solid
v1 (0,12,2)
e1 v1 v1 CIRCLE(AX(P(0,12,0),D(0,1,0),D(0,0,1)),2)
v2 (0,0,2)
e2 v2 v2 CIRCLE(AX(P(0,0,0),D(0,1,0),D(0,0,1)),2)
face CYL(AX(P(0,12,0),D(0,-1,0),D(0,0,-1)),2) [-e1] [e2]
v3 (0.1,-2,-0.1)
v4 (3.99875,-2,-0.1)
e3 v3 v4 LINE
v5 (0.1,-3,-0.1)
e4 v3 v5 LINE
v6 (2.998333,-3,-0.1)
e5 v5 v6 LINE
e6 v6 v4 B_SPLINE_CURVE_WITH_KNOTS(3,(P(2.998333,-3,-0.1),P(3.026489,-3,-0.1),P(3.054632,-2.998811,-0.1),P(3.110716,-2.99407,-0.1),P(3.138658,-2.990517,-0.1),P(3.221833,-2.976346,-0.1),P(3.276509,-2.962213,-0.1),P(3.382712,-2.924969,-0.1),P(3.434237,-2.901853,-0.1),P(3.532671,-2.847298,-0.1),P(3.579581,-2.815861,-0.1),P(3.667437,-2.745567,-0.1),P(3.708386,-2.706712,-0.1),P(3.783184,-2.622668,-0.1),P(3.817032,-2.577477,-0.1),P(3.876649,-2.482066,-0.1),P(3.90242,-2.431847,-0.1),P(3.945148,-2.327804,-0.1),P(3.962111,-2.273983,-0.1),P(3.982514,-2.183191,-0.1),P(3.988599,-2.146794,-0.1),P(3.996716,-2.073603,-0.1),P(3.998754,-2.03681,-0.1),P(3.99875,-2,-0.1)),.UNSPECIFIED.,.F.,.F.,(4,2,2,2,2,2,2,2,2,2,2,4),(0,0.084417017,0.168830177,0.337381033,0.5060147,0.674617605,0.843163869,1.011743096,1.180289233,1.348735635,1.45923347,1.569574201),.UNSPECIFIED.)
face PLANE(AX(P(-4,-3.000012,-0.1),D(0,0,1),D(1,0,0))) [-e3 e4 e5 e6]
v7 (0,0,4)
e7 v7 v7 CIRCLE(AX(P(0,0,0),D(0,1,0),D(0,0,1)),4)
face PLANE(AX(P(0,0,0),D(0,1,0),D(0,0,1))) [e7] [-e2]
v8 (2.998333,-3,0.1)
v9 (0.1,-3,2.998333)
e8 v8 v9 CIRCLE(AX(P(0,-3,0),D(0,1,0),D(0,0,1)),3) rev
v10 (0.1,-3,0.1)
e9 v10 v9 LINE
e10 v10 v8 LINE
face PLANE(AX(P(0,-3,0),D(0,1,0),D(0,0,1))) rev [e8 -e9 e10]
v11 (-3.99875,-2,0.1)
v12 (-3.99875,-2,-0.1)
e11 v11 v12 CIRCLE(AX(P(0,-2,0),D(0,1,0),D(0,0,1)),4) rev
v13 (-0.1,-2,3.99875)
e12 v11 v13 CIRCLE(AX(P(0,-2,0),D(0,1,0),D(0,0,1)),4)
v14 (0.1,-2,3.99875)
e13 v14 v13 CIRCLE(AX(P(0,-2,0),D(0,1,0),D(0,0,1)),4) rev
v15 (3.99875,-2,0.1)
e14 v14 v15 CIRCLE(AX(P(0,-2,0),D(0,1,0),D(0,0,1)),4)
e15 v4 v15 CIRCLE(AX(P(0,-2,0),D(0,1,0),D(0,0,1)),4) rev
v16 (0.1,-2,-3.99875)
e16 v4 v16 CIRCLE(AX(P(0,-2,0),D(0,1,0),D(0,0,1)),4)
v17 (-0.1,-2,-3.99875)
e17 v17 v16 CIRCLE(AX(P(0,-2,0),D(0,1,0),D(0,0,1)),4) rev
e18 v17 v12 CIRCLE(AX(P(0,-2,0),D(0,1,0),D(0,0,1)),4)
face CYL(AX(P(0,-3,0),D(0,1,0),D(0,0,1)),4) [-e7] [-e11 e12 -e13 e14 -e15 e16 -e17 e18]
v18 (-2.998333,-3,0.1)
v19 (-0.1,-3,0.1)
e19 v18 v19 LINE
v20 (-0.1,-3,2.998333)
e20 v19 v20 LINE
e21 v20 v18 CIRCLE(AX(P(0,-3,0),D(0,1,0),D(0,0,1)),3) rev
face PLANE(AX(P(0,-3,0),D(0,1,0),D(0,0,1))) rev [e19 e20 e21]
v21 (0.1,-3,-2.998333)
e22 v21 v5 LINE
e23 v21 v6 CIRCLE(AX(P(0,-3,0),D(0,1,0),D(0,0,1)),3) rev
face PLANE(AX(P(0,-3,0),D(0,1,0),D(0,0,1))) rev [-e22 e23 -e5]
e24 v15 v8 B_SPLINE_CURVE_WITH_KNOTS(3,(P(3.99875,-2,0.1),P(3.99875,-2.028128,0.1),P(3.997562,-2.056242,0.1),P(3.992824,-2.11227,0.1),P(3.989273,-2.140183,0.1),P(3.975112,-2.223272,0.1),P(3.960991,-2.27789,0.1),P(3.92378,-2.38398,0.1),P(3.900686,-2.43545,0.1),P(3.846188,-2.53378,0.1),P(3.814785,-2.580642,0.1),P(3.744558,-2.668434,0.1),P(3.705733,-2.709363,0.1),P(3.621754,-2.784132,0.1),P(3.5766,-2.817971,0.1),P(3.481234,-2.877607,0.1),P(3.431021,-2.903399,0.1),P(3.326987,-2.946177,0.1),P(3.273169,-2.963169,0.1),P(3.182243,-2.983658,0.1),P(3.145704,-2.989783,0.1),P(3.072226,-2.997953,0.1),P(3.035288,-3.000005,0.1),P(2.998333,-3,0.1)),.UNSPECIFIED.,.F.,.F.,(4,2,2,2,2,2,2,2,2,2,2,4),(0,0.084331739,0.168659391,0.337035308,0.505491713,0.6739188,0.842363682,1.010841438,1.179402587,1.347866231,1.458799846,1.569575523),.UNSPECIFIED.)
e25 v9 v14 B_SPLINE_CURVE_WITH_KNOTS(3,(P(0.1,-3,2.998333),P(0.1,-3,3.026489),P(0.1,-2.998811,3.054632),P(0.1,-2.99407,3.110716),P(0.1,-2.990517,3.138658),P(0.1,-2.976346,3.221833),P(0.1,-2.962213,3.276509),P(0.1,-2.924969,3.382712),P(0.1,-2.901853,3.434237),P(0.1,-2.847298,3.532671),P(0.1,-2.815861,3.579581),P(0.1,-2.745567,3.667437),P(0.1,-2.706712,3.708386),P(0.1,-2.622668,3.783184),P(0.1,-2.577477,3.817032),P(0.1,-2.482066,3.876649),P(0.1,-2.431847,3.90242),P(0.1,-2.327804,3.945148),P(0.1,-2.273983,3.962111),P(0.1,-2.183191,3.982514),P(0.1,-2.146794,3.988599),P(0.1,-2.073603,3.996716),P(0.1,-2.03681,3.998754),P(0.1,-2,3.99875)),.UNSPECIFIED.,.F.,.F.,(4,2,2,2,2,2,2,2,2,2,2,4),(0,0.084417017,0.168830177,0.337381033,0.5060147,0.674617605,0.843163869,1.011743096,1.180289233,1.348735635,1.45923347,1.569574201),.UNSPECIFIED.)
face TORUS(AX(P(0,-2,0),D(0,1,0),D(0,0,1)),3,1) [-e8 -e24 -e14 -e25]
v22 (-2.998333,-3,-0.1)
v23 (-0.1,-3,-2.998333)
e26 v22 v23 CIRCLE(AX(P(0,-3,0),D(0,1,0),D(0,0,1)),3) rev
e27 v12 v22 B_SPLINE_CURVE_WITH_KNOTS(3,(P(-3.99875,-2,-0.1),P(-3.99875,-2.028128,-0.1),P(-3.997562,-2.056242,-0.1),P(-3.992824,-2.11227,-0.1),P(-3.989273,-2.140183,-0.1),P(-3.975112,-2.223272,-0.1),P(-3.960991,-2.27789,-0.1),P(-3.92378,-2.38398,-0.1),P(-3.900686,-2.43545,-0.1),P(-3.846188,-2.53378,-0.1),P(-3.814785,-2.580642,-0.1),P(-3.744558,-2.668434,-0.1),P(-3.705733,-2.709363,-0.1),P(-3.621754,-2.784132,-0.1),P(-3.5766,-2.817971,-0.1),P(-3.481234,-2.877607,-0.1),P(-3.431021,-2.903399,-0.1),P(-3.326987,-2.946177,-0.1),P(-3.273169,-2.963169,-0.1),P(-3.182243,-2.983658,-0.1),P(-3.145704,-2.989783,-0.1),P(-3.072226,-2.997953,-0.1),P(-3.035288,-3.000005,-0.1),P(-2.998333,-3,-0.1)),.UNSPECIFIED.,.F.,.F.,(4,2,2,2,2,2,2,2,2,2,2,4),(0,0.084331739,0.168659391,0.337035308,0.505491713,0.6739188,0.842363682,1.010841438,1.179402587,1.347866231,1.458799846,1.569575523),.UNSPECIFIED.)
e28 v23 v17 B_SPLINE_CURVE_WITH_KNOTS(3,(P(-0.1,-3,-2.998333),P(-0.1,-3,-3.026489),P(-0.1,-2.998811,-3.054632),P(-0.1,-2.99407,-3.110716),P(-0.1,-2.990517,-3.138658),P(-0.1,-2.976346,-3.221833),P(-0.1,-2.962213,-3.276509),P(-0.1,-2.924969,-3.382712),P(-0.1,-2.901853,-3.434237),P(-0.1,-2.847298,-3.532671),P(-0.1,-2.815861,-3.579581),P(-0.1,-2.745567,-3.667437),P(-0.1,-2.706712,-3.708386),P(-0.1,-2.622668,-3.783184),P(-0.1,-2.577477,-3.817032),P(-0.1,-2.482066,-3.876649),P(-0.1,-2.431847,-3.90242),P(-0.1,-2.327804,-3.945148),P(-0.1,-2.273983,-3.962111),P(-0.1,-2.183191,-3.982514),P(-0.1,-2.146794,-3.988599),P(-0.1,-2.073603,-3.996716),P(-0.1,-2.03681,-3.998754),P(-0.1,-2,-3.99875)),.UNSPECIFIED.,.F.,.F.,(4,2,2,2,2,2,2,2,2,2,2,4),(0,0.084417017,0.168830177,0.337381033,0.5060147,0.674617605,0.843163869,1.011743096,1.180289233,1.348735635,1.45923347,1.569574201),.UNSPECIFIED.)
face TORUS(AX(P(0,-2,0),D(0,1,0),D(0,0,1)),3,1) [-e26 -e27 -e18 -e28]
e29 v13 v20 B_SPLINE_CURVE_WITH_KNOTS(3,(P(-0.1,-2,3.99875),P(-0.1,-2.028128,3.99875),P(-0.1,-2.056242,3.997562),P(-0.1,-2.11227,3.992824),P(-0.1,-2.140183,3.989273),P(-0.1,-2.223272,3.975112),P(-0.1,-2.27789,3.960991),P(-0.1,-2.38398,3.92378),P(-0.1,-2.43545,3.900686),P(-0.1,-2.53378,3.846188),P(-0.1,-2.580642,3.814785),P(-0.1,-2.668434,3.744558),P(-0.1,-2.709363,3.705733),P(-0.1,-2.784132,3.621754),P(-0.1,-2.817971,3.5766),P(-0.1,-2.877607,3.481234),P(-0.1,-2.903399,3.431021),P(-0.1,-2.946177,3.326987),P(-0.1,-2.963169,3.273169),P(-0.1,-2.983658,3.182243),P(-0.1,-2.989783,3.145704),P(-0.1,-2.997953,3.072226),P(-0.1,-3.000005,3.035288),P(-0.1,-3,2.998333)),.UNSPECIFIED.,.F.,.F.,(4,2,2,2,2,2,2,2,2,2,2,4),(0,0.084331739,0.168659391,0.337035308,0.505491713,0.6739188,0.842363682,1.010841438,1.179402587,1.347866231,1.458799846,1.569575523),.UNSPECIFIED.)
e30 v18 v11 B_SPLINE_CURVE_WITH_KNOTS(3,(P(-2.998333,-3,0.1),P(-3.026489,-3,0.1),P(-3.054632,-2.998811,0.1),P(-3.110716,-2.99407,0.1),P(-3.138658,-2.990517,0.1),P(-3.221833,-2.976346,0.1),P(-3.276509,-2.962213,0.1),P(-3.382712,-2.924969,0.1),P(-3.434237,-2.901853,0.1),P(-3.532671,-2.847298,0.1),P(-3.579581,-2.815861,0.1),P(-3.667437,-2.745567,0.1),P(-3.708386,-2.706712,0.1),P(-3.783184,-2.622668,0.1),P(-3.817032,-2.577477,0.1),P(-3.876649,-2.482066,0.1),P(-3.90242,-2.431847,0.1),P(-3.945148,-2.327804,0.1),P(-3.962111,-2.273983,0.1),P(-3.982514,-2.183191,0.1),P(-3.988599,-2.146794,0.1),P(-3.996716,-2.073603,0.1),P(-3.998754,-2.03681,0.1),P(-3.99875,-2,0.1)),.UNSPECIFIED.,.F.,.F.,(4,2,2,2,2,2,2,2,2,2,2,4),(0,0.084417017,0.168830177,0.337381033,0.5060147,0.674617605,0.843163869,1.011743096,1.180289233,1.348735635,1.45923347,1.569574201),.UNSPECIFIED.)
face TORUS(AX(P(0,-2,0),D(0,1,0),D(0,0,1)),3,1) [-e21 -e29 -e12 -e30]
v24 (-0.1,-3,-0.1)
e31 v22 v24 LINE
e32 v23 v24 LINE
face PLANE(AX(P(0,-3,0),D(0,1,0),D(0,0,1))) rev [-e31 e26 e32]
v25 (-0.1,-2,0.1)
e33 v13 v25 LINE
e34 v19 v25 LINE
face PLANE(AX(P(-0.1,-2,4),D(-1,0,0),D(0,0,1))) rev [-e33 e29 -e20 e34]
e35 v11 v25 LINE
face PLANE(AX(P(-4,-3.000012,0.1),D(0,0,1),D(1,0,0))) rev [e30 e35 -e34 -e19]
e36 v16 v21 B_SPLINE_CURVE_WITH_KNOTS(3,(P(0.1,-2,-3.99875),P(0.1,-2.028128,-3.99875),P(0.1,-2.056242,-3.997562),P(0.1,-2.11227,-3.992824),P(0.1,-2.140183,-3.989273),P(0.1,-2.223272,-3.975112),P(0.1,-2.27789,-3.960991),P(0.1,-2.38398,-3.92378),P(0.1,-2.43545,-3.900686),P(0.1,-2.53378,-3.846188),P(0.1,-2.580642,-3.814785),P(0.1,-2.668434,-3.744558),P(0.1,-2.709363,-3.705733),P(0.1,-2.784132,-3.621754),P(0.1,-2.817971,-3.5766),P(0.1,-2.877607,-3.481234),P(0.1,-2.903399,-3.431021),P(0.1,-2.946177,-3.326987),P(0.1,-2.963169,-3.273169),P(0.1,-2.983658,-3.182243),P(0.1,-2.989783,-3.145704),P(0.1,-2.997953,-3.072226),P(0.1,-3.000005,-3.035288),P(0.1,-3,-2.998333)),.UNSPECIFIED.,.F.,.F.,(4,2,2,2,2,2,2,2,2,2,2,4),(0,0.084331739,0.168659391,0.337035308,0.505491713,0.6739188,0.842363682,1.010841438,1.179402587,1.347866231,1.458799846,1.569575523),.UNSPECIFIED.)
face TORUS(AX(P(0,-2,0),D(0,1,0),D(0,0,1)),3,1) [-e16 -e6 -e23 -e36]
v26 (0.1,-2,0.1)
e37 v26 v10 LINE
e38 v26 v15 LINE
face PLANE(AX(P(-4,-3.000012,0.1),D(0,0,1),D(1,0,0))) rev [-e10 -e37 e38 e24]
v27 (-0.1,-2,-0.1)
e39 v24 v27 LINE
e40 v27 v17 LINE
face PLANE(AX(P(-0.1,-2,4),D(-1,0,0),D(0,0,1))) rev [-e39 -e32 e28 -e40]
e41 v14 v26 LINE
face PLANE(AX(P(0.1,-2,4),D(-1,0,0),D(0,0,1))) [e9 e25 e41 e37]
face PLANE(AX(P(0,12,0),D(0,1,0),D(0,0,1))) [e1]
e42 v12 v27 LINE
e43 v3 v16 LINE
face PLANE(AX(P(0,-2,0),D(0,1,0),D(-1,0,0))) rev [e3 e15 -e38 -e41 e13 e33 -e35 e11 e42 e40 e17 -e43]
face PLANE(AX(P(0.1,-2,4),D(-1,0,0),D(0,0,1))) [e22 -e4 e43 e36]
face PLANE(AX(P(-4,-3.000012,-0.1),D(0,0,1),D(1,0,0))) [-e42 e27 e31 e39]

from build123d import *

# Parameters (mm, degrees)
SKETCH_1_R               = 4
EXTRUDE_1_DEPTH          = 3
SKETCH_2_R               = 2
EXTRUDE_2_DEPTH          = 12
CUT_EXTRUDE_1_DEPTH      = 17.031219542
CUT_EXTRUDE_1_DEPTH_BACK = 1
SKETCH_4_W               = 8
SKETCH_4_H               = 0.2
SKETCH_4_W_2             = 0.2
SKETCH_4_H_2             = 8
FILLET_1_R               = 1


with BuildPart() as part:
    # 草图1 → 凸台-拉伸1 (new body)
    with BuildSketch(Plane(origin=(0, 0, 0), x_dir=(1, 0, 0), z_dir=(0, 1, 0))):
        Circle(SKETCH_1_R)
    extrude(amount=-EXTRUDE_1_DEPTH)

    # 草图2 → 凸台-拉伸2 (add)
    with BuildSketch(Plane(origin=(0, 0, 0), x_dir=(1, 0, 0), z_dir=(0, 1, 0))):
        Circle(SKETCH_2_R)
    extrude(amount=EXTRUDE_2_DEPTH)

    # 草图4 → 切除-拉伸-薄壁1 (cut, two sides: drawn at the far end of the back side and taken through both)
    with BuildSketch(Plane.XZ.offset(3).offset(-CUT_EXTRUDE_1_DEPTH_BACK)):
        Rectangle(SKETCH_4_W, SKETCH_4_H)
        Rectangle(SKETCH_4_W_2, SKETCH_4_H_2)
    extrude(amount=CUT_EXTRUDE_1_DEPTH + CUT_EXTRUDE_1_DEPTH_BACK, mode=Mode.SUBTRACT)

    # 圆角1
    fillet_1_edges = [part.edges().sort_by_distance(p)[0] for p in [
        (2.828427125, -3, 2.828427125),
        (-2.828427125, -3, 2.828427125),
        (-2.828427125, -3, -2.828427125),
        (2.828427125, -3, -2.828427125),
    ]]
    fillet(fillet_1_edges, radius=FILLET_1_R)


solid = part.part
